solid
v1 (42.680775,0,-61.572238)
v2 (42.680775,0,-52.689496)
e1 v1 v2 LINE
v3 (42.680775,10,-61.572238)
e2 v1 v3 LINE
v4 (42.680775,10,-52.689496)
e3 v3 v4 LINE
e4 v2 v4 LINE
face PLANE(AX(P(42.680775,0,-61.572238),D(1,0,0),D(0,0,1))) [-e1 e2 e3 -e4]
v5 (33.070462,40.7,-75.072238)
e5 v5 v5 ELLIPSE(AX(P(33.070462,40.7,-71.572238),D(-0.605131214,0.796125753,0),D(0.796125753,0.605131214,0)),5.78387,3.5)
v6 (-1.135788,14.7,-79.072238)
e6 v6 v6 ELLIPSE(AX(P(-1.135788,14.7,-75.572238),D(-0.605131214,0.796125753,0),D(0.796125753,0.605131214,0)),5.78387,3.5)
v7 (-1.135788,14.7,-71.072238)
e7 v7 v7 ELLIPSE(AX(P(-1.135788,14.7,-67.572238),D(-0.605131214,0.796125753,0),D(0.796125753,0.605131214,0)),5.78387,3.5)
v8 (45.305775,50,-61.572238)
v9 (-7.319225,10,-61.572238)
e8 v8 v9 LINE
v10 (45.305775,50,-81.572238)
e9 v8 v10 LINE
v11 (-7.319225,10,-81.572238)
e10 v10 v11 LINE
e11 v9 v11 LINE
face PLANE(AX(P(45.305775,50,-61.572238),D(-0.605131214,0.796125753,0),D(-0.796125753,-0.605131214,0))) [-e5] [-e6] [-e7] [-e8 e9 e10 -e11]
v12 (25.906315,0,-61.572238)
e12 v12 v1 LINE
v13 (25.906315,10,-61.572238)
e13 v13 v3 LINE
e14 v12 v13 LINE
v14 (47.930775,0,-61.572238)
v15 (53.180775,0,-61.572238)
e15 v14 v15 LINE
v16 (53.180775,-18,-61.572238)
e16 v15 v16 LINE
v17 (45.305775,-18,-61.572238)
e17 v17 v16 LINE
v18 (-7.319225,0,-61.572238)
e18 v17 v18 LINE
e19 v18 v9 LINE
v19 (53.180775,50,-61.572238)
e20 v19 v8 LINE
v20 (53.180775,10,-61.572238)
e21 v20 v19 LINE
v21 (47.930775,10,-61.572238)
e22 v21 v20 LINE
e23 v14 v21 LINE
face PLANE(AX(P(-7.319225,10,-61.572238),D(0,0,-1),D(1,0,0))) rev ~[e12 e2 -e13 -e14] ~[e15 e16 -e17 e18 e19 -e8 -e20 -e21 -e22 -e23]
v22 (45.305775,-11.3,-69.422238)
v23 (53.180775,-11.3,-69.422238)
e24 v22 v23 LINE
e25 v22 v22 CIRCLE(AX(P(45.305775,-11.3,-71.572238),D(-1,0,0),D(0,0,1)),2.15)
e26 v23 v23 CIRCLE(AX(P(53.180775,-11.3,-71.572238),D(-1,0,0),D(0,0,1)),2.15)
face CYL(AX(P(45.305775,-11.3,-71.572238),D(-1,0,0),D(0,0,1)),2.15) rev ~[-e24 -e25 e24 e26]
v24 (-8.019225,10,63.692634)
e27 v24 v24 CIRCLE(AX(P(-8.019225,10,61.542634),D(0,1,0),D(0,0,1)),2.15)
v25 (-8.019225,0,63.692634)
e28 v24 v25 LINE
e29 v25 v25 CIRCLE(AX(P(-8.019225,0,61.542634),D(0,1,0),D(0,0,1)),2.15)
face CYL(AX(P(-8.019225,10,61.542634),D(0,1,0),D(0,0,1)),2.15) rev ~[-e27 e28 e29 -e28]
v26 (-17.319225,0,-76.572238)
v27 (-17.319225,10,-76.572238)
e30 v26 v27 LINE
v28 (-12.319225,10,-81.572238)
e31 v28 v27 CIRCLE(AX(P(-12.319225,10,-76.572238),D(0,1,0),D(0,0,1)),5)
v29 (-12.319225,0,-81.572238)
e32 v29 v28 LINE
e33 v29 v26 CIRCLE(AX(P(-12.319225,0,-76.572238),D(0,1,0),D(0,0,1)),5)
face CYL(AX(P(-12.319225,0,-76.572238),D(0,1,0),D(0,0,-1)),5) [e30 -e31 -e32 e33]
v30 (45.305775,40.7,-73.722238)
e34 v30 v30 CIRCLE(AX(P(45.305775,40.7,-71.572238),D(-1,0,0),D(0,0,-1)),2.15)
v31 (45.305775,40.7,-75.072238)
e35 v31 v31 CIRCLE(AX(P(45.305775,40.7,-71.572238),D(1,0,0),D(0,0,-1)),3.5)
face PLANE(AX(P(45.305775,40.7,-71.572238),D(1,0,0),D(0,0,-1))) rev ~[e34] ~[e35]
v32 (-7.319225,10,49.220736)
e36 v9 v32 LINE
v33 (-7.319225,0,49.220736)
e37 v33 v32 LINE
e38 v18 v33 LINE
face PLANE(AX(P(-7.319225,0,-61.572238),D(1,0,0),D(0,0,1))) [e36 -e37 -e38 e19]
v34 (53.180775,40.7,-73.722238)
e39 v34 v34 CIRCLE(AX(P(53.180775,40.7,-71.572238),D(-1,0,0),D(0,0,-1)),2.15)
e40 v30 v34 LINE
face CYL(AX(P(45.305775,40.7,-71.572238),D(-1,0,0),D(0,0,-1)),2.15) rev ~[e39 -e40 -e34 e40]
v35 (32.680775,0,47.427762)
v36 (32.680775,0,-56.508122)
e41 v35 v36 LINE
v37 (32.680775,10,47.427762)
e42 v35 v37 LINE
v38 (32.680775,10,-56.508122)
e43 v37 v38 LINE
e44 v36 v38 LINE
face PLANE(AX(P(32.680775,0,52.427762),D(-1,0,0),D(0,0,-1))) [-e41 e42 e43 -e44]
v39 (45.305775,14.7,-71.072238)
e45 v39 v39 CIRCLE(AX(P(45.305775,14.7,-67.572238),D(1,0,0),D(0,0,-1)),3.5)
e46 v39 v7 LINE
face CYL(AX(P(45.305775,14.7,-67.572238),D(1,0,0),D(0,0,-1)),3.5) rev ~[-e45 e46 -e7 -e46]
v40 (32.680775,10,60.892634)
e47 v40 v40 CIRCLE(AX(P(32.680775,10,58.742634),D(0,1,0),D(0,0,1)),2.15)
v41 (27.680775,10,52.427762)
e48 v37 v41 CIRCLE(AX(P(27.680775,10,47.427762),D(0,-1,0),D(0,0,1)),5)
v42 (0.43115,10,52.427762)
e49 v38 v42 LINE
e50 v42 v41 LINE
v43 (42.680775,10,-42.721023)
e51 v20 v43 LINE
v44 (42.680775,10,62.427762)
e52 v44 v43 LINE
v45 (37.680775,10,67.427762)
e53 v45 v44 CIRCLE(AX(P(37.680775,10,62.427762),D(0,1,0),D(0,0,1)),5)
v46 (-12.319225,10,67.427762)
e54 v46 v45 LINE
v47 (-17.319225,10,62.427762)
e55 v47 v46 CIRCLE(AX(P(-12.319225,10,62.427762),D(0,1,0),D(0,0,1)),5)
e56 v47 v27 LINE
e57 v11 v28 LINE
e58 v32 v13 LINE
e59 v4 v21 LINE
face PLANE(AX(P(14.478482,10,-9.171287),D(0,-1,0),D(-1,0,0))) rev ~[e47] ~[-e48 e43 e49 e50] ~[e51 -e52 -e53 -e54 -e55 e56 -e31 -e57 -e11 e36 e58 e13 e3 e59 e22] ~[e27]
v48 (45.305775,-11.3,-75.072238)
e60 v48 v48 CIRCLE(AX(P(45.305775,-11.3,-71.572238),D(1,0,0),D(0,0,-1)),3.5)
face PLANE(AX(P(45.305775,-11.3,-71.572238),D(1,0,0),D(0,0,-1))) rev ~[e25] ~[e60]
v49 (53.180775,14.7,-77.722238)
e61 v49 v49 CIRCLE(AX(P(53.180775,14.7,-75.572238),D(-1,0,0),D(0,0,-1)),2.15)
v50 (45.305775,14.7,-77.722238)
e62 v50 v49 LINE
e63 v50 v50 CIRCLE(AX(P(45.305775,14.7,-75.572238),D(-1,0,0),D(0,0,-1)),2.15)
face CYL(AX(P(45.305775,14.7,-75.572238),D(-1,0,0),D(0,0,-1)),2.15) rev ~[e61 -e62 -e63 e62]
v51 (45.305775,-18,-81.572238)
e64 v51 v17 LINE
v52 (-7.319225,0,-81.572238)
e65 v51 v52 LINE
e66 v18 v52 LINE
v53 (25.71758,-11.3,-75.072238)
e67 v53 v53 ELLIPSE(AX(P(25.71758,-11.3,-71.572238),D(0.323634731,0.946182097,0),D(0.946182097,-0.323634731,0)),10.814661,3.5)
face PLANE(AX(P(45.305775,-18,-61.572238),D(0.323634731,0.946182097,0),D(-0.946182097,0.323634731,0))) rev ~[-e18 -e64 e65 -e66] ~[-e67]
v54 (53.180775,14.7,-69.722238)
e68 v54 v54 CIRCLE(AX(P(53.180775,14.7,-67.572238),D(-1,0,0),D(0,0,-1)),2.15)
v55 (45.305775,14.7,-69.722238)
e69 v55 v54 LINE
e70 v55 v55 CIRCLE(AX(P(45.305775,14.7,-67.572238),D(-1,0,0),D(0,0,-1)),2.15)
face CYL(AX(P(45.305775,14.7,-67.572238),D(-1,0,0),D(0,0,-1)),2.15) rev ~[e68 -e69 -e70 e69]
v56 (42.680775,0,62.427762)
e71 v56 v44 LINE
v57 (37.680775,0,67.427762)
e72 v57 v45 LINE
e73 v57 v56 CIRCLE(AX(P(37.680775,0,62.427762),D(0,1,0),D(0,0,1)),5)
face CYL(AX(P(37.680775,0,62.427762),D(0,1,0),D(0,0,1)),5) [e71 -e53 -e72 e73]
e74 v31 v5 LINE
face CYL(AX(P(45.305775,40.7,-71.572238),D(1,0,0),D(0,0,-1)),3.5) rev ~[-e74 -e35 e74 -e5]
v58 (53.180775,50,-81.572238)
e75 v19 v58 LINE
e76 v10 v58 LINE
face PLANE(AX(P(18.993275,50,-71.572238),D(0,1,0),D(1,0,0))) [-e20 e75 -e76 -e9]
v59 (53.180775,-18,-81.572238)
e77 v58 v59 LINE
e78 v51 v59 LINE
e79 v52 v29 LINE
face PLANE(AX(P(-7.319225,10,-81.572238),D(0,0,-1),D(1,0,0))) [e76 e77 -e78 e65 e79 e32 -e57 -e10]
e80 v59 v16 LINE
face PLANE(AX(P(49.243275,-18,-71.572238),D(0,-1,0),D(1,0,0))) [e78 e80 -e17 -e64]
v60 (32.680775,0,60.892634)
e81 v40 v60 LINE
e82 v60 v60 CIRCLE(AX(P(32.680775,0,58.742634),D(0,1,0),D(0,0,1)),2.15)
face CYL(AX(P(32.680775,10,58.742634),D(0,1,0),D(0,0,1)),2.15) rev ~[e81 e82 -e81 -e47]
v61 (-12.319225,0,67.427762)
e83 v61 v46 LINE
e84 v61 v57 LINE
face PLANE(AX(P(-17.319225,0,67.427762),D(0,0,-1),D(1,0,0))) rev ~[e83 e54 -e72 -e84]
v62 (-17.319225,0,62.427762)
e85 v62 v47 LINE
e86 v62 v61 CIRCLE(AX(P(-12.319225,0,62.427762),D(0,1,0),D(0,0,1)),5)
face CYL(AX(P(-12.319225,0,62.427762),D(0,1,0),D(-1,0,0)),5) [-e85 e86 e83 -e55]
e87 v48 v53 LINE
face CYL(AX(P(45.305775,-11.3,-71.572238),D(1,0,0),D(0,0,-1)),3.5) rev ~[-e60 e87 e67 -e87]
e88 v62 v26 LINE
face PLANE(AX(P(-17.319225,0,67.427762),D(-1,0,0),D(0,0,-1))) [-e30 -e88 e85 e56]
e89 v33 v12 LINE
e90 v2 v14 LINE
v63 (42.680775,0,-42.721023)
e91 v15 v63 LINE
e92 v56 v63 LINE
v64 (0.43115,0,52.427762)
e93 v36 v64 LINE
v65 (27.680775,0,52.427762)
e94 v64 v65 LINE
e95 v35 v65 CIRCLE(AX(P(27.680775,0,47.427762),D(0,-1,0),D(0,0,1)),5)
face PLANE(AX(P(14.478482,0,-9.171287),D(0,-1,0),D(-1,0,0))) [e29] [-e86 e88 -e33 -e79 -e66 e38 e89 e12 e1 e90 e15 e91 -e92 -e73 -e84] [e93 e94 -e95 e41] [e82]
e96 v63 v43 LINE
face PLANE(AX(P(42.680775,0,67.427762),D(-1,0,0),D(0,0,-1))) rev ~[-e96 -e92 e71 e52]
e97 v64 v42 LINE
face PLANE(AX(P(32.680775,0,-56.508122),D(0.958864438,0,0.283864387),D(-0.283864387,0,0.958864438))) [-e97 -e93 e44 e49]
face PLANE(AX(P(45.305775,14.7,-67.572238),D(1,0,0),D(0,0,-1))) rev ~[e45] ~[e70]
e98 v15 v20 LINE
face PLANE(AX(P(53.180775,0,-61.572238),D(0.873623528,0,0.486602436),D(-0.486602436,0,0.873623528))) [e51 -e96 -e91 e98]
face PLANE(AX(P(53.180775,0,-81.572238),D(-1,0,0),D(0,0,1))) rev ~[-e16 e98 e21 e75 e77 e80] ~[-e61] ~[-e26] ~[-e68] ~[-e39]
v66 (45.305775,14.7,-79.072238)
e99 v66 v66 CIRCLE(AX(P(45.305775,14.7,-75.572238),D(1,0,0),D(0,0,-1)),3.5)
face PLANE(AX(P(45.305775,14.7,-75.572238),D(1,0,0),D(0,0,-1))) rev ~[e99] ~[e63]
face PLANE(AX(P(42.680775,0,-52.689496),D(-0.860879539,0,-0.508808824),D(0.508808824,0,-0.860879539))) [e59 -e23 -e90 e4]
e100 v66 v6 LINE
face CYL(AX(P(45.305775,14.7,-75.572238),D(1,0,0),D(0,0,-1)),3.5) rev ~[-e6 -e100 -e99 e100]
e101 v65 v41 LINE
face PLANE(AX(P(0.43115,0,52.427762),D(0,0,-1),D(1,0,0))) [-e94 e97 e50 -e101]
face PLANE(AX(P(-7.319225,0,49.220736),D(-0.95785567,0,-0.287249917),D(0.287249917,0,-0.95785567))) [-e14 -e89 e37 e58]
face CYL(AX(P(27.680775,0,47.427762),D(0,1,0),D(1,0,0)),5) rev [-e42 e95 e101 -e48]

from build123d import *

# Parameters (mm, degrees)
EXTRUDE_1_DEPTH                 = 10
SKETCH_4_W                      = 7.875
SKETCH_4_H                      = 20
EXTRUDE_2_DEPTH                 = 40
CUT_EXTRUDE_1_REACH             = 116.35
SKETCH_5_R                      = 2.15
CUT_EXTRUDE_1_DIRECTION_2_DEPTH = 53
CUT_EXTRUDE_2_REACH             = 107.272
SKETCH_6_R                      = 2.15
FILLET_1_R                      = 5
FILLET_2_R                      = 5
SKETCH_7_W                      = 7.875
SKETCH_7_H                      = 20
EXTRUDE_3_DEPTH                 = 18
CUT_EXTRUDE_3_REACH             = 116.35
SKETCH_8_R                      = 2.15
EXTRUDE_8_DEPTH                 = 20
SKETCH_15_W                     = 52.625
SKETCH_15_H                     = 20
EXTRUDE_9_DEPTH                 = 40
CUT_EXTRUDE_START               = -7.875
SKETCH_14_R                     = 3.5
CUT_EXTRUDE_8_DEPTH             = 54
CUT_EXTRUDE_10_DEPTH            = 20


with BuildPart() as part:
    # 草图1 → 凸台-拉伸1 (new body)
    with BuildSketch(Plane(origin=(0, 0, 0), x_dir=(1, 0, 0), z_dir=(0, 1, 0))):
        Polygon((5.931150433, 81.572237736), (53.180774799, 81.572237736), (53.180774799, 61.572237736), (42.680774799, 42.721022935), (42.680774799, 31.757290204), (42.680774799, -57.600660719), (42.680774799, -67.427762264), (0.431150433, -67.427762264), (-17.319225201, -67.427762264), (-17.319225201, 81.572237736), align=None)
        Polygon((47.930774799, 61.572237736), (42.680774799, 61.572237736), (42.680774799, 52.689495612), align=None, mode=Mode.SUBTRACT)
        Polygon((25.906315323, 61.572237736), (-7.319225201, 61.572237736), (-7.319225201, -49.220735683), align=None, mode=Mode.SUBTRACT)
        Polygon((0.431150433, -52.427762264), (32.680774799, -52.427762264), (32.680774799, 56.508121895), align=None, mode=Mode.SUBTRACT)
    extrude(amount=EXTRUDE_1_DEPTH)

    # 草图4 → 凸台-拉伸2 (add)
    with BuildSketch(Plane(origin=(0, 10, 0), x_dir=(1, 0, 0), z_dir=(0, 1, 0))):
        with Locations((49.243274799, 71.572237736)):
            Rectangle(SKETCH_4_W, SKETCH_4_H)
    extrude(amount=EXTRUDE_2_DEPTH)

    # 草图5 → 切除-拉伸1 (cut, up to next)
    with BuildSketch(Plane.ZY.offset(-45.305774799), mode=Mode.PRIVATE) as cut_extrude_1_sk1:
        with Locations(Location((-75.572237736, 14.7, 0), (0, 0, 180))):
            Circle(SKETCH_5_R)
    cut_extrude_1_tool1 = extrude(cut_extrude_1_sk1.sketch, amount=-CUT_EXTRUDE_1_REACH, mode=Mode.PRIVATE) & part.part
    # 草图5 → 切除-拉伸1 (cut, up to next)
    with BuildSketch(Plane.ZY.offset(-45.305774799), mode=Mode.PRIVATE) as cut_extrude_1_sk2:
        with Locations(Location((-67.572237736, 14.7, 0), (0, 0, 180))):
            Circle(SKETCH_5_R)
    cut_extrude_1_tool2 = extrude(cut_extrude_1_sk2.sketch, amount=-CUT_EXTRUDE_1_REACH, mode=Mode.PRIVATE) & part.part
    # 草图5 → 切除-拉伸1 (cut, up to next)
    with BuildSketch(Plane.ZY.offset(-45.305774799), mode=Mode.PRIVATE) as cut_extrude_1_sk3:
        with Locations(Location((-71.572237736, 40.7, 0), (0, 0, 180))):
            Circle(SKETCH_5_R)
    cut_extrude_1_tool3 = extrude(cut_extrude_1_sk3.sketch, amount=-CUT_EXTRUDE_1_REACH, mode=Mode.PRIVATE) & part.part
    add(cut_extrude_1_tool1.solids().sort_by_distance((45.305775, 14.7, -75.572238))[0], mode=Mode.SUBTRACT)
    add(cut_extrude_1_tool2.solids().sort_by_distance((45.305775, 14.7, -67.572238))[0], mode=Mode.SUBTRACT)
    add(cut_extrude_1_tool3.solids().sort_by_distance((45.305775, 40.7, -71.572238))[0], mode=Mode.SUBTRACT)

    # 草图5 → 切除-拉伸1 direction 2 (cut)
    with BuildSketch(Plane.ZY.offset(-45.305774799)):
        with Locations(Location((-75.572237736, 14.7, 0), (0, 0, 180))):
            Circle(SKETCH_5_R)
        with Locations(Location((-67.572237736, 14.7, 0), (0, 0, 180))):
            Circle(SKETCH_5_R)
        with Locations(Location((-71.572237736, 40.7, 0), (0, 0, 180))):
            Circle(SKETCH_5_R)
    extrude(amount=CUT_EXTRUDE_1_DIRECTION_2_DEPTH, mode=Mode.SUBTRACT)

    # 草图6 → 切除-拉伸2 (cut, up to next)
    with BuildSketch(Plane(origin=(0, 10, 0), x_dir=(1, 0, 0), z_dir=(0, 1, 0)), mode=Mode.PRIVATE) as cut_extrude_2_sk1:
        with Locations(Location((-8.019225201, -61.542634482, 0), (0, 0, 270))):
            Circle(SKETCH_6_R)
    cut_extrude_2_tool1 = extrude(cut_extrude_2_sk1.sketch, amount=-CUT_EXTRUDE_2_REACH, mode=Mode.PRIVATE) & part.part
    # 草图6 → 切除-拉伸2 (cut, up to next)
    with BuildSketch(Plane(origin=(0, 10, 0), x_dir=(1, 0, 0), z_dir=(0, 1, 0)), mode=Mode.PRIVATE) as cut_extrude_2_sk2:
        with Locations(Location((32.680774799, -58.742634482, 0), (0, 0, 270))):
            Circle(SKETCH_6_R)
    cut_extrude_2_tool2 = extrude(cut_extrude_2_sk2.sketch, amount=-CUT_EXTRUDE_2_REACH, mode=Mode.PRIVATE) & part.part
    add(cut_extrude_2_tool1.solids().sort_by_distance((-8.019225, 10, 61.542634))[0], mode=Mode.SUBTRACT)
    add(cut_extrude_2_tool2.solids().sort_by_distance((32.680775, 10, 58.742634))[0], mode=Mode.SUBTRACT)

    # 圆角1
    fillet_1_edges = [part.edges().sort_by_distance(p)[0] for p in [
        (-17.319225201, 5, 67.427762264),
        (-17.319225201, 5, -81.572237736),
        (42.680774799, 5, 67.427762264),
    ]]
    fillet(fillet_1_edges, radius=FILLET_1_R)

    # 圆角2
    fillet_2_edges = [part.edges().sort_by_distance(p)[0] for p in [
        (32.680774799, 5, 52.427762264),
    ]]
    fillet(fillet_2_edges, radius=FILLET_2_R)

    # 草图7 → 凸台-拉伸3 (add)
    with BuildSketch(Plane.XZ):
        with Locations((49.243274799, -71.572237736)):
            Rectangle(SKETCH_7_W, SKETCH_7_H)
    extrude(amount=EXTRUDE_3_DEPTH)

    # 草图8 → 切除-拉伸3 (cut, up to next)
    with BuildSketch(Plane.ZY.offset(-45.305774799), mode=Mode.PRIVATE) as cut_extrude_3_sk1:
        with Locations((-71.572237736, -11.3)):
            Circle(SKETCH_8_R)
    cut_extrude_3_tool1 = extrude(cut_extrude_3_sk1.sketch, amount=-CUT_EXTRUDE_3_REACH, mode=Mode.PRIVATE) & part.part
    add(cut_extrude_3_tool1.solids().sort_by_distance((45.305775, -11.3, -71.572238))[0], mode=Mode.SUBTRACT)

    # 草图13 → 凸台-拉伸8 (add)
    with BuildSketch(Plane.XY.offset(-61.572237736)):
        Polygon((45.305774799, 0), (45.305774799, -18), (-7.319225201, 0), align=None)
    extrude(amount=-EXTRUDE_8_DEPTH)

    # 草图15 → 凸台-拉伸9 (add)
    with BuildSketch(Plane(origin=(0, 10, 0), x_dir=(1, 0, 0), z_dir=(0, 1, 0))):
        with Locations((18.993274799, 71.572237736)):
            Rectangle(SKETCH_15_W, SKETCH_15_H)
    extrude(amount=EXTRUDE_9_DEPTH)

    # 草图14 → 切除-拉伸8 (cut)
    with BuildSketch(Plane(origin=(53.180774799, 0, 0), x_dir=(0, 0, -1), z_dir=(1, 0, 0)).offset(CUT_EXTRUDE_START)):
        with Locations((71.572237736, 40.7)):
            Circle(SKETCH_14_R)
        with Locations((67.572237736, 14.7)):
            Circle(SKETCH_14_R)
        with Locations((75.572237736, 14.7)):
            Circle(SKETCH_14_R)
        with Locations((71.572237736, -11.3)):
            Circle(SKETCH_14_R)
    extrude(amount=-CUT_EXTRUDE_8_DEPTH, mode=Mode.SUBTRACT)

    # 草图17 → 切除-拉伸10 (cut)
    with BuildSketch(Plane.XY.offset(-61.572237736)):
        Polygon((-7.319225201, 10), (-7.319225201, 50), (45.305774799, 50), align=None)
    extrude(amount=-CUT_EXTRUDE_10_DEPTH, mode=Mode.SUBTRACT)


solid = part.part
